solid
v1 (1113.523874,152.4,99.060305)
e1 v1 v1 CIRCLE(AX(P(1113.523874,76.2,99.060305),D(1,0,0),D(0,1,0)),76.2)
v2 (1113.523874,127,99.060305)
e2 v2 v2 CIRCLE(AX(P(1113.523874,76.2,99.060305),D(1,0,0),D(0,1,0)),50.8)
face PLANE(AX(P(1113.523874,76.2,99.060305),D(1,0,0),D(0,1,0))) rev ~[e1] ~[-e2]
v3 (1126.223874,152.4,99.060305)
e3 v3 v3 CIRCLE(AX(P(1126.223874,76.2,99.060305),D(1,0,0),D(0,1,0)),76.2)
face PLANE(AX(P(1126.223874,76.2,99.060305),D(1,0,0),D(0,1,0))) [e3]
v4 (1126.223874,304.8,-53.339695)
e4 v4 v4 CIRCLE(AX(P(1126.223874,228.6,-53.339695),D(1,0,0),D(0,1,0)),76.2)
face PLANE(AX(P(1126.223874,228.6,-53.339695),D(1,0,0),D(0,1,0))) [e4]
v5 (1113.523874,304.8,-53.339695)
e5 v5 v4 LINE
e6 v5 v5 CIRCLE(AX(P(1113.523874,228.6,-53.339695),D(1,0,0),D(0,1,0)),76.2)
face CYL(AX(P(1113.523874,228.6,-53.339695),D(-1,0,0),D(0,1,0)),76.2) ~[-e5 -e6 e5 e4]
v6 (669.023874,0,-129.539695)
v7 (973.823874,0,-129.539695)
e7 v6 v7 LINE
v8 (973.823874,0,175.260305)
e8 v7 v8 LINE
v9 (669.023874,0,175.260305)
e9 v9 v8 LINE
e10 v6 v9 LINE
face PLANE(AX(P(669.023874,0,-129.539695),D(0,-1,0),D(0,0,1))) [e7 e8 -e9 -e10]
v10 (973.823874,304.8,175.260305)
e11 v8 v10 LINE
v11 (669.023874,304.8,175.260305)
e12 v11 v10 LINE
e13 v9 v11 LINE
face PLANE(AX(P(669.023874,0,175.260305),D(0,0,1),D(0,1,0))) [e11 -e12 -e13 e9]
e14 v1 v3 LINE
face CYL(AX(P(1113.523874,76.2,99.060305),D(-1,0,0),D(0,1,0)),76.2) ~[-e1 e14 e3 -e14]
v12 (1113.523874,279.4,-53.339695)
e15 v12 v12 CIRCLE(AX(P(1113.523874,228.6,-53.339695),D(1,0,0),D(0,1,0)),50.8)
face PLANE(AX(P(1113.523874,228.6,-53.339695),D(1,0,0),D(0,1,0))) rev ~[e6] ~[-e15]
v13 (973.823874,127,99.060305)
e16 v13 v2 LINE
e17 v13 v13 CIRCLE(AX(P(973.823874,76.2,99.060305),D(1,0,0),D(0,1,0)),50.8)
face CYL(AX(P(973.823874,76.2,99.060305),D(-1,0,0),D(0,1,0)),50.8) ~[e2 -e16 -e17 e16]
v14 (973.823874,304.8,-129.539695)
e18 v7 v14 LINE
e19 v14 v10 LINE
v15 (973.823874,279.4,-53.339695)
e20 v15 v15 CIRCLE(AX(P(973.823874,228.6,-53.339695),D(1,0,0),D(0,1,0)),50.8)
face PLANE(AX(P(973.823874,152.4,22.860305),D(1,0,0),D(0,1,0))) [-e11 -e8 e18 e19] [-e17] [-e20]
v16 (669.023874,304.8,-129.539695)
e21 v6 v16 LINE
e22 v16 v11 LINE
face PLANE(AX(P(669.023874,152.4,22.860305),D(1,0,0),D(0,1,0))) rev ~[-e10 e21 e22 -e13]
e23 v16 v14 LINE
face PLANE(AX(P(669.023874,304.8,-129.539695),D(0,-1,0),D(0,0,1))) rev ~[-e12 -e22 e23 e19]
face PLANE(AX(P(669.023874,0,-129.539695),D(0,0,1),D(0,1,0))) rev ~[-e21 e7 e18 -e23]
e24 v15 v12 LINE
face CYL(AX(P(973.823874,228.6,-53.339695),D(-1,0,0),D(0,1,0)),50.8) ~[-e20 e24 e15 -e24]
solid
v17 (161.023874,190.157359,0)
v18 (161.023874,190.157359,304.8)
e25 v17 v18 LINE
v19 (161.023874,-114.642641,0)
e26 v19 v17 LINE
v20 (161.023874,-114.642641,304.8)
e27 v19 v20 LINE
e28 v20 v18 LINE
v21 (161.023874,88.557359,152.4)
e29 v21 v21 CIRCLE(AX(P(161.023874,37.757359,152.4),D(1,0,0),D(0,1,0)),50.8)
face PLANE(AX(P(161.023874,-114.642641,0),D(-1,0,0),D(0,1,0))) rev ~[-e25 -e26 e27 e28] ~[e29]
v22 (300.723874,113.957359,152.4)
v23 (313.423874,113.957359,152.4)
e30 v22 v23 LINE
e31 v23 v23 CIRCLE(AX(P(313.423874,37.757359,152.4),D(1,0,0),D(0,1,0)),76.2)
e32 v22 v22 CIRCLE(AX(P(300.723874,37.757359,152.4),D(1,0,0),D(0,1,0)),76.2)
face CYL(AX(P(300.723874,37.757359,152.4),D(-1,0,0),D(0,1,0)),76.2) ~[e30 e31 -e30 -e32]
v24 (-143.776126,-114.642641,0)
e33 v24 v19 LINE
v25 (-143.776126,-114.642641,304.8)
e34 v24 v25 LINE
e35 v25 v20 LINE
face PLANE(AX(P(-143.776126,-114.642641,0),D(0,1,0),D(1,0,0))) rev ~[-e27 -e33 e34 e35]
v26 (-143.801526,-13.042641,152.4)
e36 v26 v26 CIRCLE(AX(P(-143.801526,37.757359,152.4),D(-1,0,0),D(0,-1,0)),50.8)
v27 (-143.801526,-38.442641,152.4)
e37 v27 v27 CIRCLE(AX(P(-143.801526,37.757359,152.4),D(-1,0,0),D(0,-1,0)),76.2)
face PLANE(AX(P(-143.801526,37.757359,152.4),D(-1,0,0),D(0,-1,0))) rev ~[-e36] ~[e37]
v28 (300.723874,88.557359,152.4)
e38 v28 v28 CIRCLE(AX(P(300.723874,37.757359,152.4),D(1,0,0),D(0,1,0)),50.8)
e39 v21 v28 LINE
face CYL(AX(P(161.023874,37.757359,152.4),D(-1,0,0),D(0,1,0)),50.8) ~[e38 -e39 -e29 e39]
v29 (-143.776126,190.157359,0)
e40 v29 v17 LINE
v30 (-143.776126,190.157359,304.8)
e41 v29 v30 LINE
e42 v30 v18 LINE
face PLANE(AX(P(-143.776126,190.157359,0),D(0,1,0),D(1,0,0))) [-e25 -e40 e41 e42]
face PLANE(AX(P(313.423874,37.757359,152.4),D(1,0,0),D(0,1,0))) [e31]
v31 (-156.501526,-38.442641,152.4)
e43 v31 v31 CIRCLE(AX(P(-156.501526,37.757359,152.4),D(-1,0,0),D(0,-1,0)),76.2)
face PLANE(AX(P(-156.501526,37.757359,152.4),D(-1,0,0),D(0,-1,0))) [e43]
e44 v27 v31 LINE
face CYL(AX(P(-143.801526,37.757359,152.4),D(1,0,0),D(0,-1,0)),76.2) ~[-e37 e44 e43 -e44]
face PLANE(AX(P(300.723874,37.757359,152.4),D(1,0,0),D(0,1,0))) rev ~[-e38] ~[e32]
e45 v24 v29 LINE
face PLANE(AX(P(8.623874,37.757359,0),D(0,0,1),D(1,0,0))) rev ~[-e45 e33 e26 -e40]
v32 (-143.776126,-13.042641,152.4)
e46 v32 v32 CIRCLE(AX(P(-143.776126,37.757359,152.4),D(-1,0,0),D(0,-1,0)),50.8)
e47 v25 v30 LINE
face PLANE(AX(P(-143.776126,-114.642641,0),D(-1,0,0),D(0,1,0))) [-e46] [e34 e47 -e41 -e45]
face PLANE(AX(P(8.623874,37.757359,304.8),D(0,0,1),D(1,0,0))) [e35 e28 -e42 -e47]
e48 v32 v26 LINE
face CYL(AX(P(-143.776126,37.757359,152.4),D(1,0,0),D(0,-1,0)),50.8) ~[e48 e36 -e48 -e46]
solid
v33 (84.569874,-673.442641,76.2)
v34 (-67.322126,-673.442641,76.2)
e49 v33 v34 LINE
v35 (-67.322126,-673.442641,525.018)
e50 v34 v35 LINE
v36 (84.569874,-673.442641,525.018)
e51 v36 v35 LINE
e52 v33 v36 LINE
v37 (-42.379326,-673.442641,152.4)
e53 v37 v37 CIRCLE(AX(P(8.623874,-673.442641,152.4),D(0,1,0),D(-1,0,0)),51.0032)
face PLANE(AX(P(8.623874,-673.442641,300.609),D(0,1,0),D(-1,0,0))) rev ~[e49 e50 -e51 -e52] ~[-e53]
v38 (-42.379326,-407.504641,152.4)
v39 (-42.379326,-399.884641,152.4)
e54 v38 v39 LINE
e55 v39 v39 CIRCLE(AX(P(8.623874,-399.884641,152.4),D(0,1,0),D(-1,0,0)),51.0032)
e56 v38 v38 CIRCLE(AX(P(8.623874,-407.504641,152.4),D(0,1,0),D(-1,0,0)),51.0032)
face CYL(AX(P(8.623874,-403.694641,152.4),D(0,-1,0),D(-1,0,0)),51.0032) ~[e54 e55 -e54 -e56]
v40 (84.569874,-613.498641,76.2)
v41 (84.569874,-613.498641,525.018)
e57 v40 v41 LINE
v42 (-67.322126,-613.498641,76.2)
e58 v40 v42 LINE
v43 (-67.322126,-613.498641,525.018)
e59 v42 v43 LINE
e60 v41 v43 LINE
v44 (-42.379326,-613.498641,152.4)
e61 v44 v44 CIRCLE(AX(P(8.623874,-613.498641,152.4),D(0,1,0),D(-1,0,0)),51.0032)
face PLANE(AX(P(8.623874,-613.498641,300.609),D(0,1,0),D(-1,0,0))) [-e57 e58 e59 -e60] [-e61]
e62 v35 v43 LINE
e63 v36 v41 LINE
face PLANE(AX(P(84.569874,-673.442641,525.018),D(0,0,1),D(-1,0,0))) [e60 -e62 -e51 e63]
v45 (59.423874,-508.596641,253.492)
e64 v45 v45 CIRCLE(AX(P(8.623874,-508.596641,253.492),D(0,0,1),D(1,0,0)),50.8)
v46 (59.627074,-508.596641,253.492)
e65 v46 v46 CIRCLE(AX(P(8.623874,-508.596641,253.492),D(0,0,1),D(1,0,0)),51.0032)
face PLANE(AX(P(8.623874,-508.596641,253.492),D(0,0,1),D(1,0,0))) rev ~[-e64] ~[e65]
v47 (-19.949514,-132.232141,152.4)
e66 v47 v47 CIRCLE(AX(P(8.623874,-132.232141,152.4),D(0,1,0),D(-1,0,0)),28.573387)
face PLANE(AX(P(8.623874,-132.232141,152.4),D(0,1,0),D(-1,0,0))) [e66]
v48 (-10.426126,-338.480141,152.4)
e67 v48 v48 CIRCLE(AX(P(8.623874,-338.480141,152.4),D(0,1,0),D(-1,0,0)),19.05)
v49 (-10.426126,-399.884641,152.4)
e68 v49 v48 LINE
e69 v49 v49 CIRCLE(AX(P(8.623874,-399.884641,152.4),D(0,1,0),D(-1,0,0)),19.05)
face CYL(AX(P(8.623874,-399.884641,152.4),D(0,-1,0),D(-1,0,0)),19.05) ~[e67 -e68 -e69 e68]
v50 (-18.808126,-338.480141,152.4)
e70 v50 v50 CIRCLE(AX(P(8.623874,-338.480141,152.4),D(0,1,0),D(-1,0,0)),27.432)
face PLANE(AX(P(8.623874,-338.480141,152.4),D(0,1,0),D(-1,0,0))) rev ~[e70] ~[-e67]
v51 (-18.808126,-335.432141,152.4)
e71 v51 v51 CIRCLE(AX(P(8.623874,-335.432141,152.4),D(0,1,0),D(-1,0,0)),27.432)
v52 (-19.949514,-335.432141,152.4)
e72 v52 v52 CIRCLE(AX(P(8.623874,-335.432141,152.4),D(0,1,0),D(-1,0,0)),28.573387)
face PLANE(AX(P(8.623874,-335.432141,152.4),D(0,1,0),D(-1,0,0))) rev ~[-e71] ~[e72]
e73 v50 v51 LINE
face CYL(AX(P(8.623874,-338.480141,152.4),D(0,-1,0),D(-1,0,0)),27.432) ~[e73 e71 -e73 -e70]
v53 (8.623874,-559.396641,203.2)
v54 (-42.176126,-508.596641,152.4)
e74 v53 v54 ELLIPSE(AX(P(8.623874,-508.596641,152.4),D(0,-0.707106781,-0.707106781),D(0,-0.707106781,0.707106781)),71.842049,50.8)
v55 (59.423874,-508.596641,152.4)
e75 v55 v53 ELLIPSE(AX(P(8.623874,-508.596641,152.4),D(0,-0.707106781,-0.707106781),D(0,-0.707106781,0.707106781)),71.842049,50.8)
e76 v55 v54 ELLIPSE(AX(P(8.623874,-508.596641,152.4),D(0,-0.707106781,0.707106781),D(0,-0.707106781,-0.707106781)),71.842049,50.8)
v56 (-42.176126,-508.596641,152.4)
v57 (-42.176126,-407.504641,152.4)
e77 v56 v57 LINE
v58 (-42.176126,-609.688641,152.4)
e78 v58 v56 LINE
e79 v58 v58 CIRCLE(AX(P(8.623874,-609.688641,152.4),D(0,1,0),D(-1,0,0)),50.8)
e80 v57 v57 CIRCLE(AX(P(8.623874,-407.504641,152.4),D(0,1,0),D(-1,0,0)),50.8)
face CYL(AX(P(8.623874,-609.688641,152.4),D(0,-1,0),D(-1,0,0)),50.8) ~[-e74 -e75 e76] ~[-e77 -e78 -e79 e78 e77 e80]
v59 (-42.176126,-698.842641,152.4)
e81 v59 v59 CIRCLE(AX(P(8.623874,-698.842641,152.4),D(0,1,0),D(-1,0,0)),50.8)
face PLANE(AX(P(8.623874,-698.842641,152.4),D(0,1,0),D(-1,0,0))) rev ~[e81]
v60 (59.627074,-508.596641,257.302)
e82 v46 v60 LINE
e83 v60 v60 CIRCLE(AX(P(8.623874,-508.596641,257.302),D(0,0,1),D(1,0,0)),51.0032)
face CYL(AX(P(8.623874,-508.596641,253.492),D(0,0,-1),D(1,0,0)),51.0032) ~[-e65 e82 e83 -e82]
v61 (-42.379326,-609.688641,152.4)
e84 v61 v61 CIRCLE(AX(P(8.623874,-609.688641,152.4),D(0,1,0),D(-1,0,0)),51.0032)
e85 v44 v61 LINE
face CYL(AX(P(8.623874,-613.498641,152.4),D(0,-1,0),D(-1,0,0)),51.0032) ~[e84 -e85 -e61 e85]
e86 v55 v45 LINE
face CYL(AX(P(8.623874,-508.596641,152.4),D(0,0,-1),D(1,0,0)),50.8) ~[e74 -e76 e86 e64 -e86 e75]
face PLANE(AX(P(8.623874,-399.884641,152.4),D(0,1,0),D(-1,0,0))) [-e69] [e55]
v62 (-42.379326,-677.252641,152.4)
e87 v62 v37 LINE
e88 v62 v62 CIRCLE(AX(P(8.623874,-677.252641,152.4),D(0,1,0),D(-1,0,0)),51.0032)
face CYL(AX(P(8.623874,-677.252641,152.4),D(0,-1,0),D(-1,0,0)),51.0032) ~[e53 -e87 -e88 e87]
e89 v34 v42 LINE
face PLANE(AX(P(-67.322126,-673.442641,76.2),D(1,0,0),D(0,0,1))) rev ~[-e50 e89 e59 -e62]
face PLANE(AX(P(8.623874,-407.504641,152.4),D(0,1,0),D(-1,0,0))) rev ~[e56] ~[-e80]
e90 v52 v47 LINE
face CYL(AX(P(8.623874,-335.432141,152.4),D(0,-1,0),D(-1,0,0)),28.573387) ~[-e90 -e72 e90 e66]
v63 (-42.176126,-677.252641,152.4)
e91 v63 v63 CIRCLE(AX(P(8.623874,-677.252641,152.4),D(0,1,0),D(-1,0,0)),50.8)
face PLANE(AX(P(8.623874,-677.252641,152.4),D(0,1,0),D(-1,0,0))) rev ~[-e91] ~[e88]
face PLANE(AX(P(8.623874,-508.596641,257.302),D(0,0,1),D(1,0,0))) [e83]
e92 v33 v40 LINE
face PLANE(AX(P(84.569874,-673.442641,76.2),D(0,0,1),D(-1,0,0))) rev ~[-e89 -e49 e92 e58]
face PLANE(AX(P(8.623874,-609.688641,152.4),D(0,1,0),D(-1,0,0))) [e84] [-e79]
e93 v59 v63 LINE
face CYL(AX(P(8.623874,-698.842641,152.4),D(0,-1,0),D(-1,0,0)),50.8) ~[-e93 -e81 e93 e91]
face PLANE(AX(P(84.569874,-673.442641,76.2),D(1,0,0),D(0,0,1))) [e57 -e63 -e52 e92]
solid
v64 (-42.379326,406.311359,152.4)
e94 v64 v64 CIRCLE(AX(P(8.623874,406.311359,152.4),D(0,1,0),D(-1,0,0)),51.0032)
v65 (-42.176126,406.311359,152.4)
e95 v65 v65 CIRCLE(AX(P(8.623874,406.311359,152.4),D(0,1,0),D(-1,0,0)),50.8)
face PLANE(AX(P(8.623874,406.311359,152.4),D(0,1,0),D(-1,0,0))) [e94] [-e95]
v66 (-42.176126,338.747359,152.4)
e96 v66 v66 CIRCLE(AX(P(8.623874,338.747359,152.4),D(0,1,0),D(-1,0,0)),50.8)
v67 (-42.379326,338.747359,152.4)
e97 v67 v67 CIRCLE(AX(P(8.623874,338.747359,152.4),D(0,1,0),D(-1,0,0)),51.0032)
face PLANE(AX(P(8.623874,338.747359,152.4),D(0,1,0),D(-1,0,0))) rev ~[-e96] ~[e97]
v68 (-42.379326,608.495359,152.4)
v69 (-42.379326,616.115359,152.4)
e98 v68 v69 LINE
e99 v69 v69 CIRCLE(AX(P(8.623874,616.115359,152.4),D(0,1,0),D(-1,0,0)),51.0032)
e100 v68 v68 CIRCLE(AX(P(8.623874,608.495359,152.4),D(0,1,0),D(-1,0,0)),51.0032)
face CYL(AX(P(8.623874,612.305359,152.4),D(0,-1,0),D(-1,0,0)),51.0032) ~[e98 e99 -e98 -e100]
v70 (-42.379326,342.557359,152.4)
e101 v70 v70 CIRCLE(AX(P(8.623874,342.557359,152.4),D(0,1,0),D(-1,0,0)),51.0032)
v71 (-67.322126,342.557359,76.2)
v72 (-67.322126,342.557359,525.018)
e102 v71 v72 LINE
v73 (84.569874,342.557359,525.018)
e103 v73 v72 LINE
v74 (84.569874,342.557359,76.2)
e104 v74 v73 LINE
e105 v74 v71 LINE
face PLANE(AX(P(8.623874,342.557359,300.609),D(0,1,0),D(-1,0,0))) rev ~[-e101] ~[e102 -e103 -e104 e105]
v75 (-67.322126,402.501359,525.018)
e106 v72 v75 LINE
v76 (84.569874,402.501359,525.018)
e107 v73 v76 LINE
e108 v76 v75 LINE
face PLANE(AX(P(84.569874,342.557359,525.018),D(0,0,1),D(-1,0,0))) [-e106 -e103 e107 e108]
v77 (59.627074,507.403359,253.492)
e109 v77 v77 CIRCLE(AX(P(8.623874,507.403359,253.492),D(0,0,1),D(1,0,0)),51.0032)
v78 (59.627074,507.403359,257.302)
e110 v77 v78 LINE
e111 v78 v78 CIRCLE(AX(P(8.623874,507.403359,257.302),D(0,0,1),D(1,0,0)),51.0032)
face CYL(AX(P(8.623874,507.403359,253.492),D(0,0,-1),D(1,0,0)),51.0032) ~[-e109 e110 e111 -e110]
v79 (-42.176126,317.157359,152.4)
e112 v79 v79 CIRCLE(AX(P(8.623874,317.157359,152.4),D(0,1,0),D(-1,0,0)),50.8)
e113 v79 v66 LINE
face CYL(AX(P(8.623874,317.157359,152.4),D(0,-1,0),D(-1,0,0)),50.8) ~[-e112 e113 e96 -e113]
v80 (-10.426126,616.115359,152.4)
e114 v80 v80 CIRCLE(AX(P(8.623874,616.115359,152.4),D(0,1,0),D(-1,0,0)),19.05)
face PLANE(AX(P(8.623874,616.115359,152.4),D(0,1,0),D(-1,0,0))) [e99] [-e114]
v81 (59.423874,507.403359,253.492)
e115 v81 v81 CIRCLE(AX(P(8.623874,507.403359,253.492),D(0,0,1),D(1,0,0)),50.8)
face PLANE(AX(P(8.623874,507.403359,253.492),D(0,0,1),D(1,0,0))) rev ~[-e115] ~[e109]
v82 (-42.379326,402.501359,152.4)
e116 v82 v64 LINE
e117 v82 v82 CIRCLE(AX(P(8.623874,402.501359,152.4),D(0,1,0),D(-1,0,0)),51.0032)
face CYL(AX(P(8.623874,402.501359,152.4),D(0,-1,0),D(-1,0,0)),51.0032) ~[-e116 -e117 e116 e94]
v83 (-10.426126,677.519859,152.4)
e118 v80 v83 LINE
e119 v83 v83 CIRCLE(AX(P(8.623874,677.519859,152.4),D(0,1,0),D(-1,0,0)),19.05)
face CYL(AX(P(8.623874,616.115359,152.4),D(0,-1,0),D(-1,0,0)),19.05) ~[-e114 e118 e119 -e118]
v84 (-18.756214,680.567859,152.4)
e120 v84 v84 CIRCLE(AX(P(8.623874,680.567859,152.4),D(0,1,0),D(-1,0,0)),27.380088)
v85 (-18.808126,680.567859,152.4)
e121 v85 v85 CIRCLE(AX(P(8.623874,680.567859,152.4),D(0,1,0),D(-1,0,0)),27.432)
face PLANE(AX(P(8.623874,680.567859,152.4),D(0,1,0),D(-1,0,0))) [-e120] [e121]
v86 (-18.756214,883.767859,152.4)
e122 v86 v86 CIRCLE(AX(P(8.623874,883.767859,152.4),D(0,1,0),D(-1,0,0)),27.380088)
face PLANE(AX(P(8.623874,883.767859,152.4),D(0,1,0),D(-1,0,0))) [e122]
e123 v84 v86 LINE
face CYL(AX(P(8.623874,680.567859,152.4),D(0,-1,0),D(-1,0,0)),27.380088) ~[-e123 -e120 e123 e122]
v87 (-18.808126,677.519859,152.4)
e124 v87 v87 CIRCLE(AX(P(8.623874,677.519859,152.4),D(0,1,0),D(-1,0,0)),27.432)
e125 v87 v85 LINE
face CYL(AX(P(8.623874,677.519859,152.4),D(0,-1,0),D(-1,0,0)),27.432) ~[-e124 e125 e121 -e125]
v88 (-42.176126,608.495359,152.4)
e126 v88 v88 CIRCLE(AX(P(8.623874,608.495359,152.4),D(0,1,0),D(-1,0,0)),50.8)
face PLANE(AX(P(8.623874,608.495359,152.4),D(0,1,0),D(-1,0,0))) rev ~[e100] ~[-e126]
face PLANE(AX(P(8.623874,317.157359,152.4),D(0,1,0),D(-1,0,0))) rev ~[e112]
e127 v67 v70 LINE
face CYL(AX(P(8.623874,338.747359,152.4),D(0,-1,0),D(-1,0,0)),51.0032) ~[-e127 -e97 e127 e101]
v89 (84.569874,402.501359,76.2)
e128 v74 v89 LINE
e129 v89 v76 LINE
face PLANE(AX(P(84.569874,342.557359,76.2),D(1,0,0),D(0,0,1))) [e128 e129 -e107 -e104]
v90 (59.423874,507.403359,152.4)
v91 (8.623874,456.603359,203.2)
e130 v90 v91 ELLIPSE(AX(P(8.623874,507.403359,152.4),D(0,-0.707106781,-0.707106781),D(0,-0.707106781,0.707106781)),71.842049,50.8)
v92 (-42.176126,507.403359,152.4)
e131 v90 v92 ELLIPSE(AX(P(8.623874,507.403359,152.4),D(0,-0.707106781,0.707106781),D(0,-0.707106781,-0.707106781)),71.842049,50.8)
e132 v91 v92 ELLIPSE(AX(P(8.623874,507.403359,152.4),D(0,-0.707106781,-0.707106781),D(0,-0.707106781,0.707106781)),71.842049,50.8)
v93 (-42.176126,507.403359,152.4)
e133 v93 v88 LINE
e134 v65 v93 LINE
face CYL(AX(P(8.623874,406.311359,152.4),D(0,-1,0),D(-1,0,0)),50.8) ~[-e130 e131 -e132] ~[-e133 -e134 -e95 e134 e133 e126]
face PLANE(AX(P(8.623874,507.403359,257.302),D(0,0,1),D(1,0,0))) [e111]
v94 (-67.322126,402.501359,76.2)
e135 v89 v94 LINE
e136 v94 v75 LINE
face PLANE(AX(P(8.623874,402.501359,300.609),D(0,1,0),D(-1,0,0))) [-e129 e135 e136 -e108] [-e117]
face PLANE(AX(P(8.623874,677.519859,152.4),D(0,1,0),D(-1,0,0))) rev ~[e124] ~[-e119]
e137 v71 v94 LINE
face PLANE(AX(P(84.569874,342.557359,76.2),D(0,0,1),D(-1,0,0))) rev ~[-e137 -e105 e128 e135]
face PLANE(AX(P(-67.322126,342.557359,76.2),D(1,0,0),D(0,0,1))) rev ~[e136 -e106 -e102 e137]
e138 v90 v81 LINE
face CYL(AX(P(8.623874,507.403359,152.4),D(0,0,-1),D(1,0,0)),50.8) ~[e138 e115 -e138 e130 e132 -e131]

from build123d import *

# Parameters (mm, degrees)
F0_W      = 304.8
F0_H      = 304.8
F1_DEPTH  = 304.8
F3_R      = 50.8
F4_DEPTH  = 139.7
F6_R      = 76.2
F7_DEPTH  = 12.7
F9_R      = 50.8
F10_DEPTH = 0.0254
F12_R     = 76.2
F13_DEPTH = 12.7
F15_R     = 50.8
F16_DEPTH = 21.59
F18_R     = 51.0032
F19_DEPTH = 3.81
F21_W     = 151.892
F21_H     = 448.818
F22_DEPTH = 59.944
F24_R     = 51.0032
F25_DEPTH = 3.81
F27_R     = 50.8
F28_DEPTH = 202.184
F30_R     = 51.0032
F31_DEPTH = 3.81
F33_R     = 50.8
F34_DEPTH = 101.092
F36_R     = 51.0032
F37_DEPTH = 3.81
F39_R     = 51.0032
F40_DEPTH = 3.81
F42_R     = 19.05
F43_DEPTH = 61.4045
F45_R     = 27.432
F46_DEPTH = 3.048
F49_W     = 304.8
F49_H     = 304.8
F50_DEPTH = 304.8
F52_R     = 50.8
F53_DEPTH = 139.7
F55_R     = 76.2
F56_DEPTH = 12.7
F57_R     = 27.3800879836
F58_DEPTH = 203.2
F59_R     = 28.5733874153
F60_DEPTH = 203.2
F61_DEPTH = 203.2


with BuildPart() as f1:
    # F0 (on Top) → F1 (new body)
    with BuildSketch(Plane.XY):
        with Locations((8.6238738149, 37.7573585464)):
            Rectangle(F0_W, F0_H)
    extrude(amount=F1_DEPTH)

    # F3 (on offset) → F4 (join)
    with BuildSketch(Plane.YZ.offset(161.0238738149)):
        with Locations((37.7573585464, 152.4)):
            Circle(F3_R)
    extrude(amount=F4_DEPTH)

    # F6 (on offset) → F7 (join)
    with BuildSketch(Plane.YZ.offset(300.7238738149)):
        with Locations((37.7573585464, 152.4)):
            Circle(F6_R)
    extrude(amount=F7_DEPTH)

    # F9 (on offset) → F10 (join)
    with BuildSketch(Plane(origin=(-143.7761261851, 0, 0), x_dir=(0, -1, 0), z_dir=(-1, 0, 0))):
        with Locations((-37.7573585464, 152.4)):
            Circle(F9_R)
    extrude(amount=F10_DEPTH)

    # F12 (on offset) → F13 (join)
    with BuildSketch(Plane(origin=(-143.8015261851, 0, 0), x_dir=(0, -1, 0), z_dir=(-1, 0, 0))):
        with Locations((-37.7573585464, 152.4)):
            Circle(F12_R)
    extrude(amount=F13_DEPTH)


with BuildPart() as f16:
    # F15 (on offset) → F16 (new body)
    with BuildSketch(Plane(origin=(0, 317.1573585464, 0), x_dir=(-1, 0, 0), z_dir=(0, 1, 0))):
        with Locations((-8.6238738149, 152.4)):
            Circle(F15_R)
    extrude(amount=F16_DEPTH)

    # F18 (on offset) → F19 (join)
    with BuildSketch(Plane(origin=(0, 338.7473585464, 0), x_dir=(-1, 0, 0), z_dir=(0, 1, 0))):
        with Locations((-8.6238738149, 152.4)):
            Circle(F18_R)
    extrude(amount=F19_DEPTH)

    # F21 (on offset) → F22 (join)
    with BuildSketch(Plane(origin=(0, 342.5573585464, 0), x_dir=(-1, 0, 0), z_dir=(0, 1, 0))):
        with Locations((-8.6238738149, 300.609)):
            Rectangle(F21_W, F21_H)
    extrude(amount=F22_DEPTH)

    # F24 (on offset) → F25 (join)
    with BuildSketch(Plane(origin=(0, 402.5013585464, 0), x_dir=(-1, 0, 0), z_dir=(0, 1, 0))):
        with Locations((-8.6238738149, 152.4)):
            Circle(F24_R)
    extrude(amount=F25_DEPTH)

    # F27 (on offset) → F28 (join)
    with BuildSketch(Plane(origin=(0, 406.3113585464, 0), x_dir=(-1, 0, 0), z_dir=(0, 1, 0))):
        with Locations((-8.6238738149, 152.4)):
            Circle(F27_R)
    extrude(amount=F28_DEPTH)

    # F30 (on offset) → F31 (join)
    with BuildSketch(Plane(origin=(0, 608.4953585464, 0), x_dir=(-1, 0, 0), z_dir=(0, 1, 0))):
        with Locations((-8.6238738149, 152.4)):
            Circle(F30_R)
    extrude(amount=F31_DEPTH)

    # F33 (on offset) → F34 (join)
    with BuildSketch(Plane.XY.offset(152.4)):
        with Locations((8.6238738149, 507.4033585464)):
            Circle(F33_R)
    extrude(amount=F34_DEPTH)

    # F36 (on offset) → F37 (join)
    with BuildSketch(Plane.XY.offset(253.492)):
        with Locations((8.6238738149, 507.4033585464)):
            Circle(F36_R)
    extrude(amount=F37_DEPTH)

    # F39 (on offset) → F40 (join)
    with BuildSketch(Plane(origin=(0, 612.3053585464, 0), x_dir=(-1, 0, 0), z_dir=(0, 1, 0))):
        with Locations((-8.6238738149, 152.4)):
            Circle(F39_R)
    extrude(amount=F40_DEPTH)

    # F42 (on offset) → F43 (join)
    with BuildSketch(Plane(origin=(0, 616.1153585464, 0), x_dir=(-1, 0, 0), z_dir=(0, 1, 0))):
        with Locations((-8.6238738149, 152.4)):
            Circle(F42_R)
    extrude(amount=F43_DEPTH)

    # F45 (on offset) → F46 (join)
    with BuildSketch(Plane(origin=(0, 677.5198585464, 0), x_dir=(-1, 0, 0), z_dir=(0, 1, 0))):
        with Locations((-8.6238738149, 152.4)):
            Circle(F45_R)
    extrude(amount=F46_DEPTH)


with BuildPart() as f47_1:
    # F47: copy of F16
    add(f16.part.moved(Location((0, -1016, 0))))

    # F59 (on face) → F60 (join)
    with BuildSketch(Plane(origin=(0, -335.4321414536, 0), x_dir=(-1, 0, 0), z_dir=(0, 1, 0))):
        with Locations((-8.6238738149, 152.4)):
            Circle(F59_R)
    extrude(amount=F60_DEPTH)

    # F59 (on face) → F61 (join)
    with BuildSketch(Plane(origin=(0, -335.4321414536, 0), x_dir=(-1, 0, 0), z_dir=(0, 1, 0))):
        with Locations((-8.6238738149, 152.4)):
            Circle(F59_R)
    extrude(amount=F61_DEPTH)


with BuildPart() as f50:
    # F49 (on offset) → F50 (new body)
    with BuildSketch(Plane.YZ.offset(669.0238738149)):
        with Locations((152.4, 22.8603045642)):
            Rectangle(F49_W, F49_H)
    extrude(amount=F50_DEPTH)

    # F52 (on offset) → F53 (join)
    with BuildSketch(Plane.YZ.offset(973.8238738149)):
        with Locations((76.2, 99.0603045642)):
            Circle(F52_R)
        with Locations((228.6, -53.3396954358)):
            Circle(F52_R)
    extrude(amount=F53_DEPTH)

    # F55 (on offset) → F56 (join)
    with BuildSketch(Plane.YZ.offset(1113.5238738149)):
        with Locations((76.2, 99.0603045642)):
            Circle(F55_R)
        with Locations((228.6, -53.3396954358)):
            Circle(F55_R)
    extrude(amount=F56_DEPTH)


with BuildPart() as f16_1:
    add(f16.part)

    # F57 (on face) → F58 (join)
    with BuildSketch(Plane(origin=(0, 680.5678585464, 0), x_dir=(-1, 0, 0), z_dir=(0, 1, 0))):
        with Locations((-8.6238738149, 152.4)):
            Circle(F57_R)
    extrude(amount=F58_DEPTH)


solid = Compound([f1.part, f47_1.part, f50.part, f16_1.part])
